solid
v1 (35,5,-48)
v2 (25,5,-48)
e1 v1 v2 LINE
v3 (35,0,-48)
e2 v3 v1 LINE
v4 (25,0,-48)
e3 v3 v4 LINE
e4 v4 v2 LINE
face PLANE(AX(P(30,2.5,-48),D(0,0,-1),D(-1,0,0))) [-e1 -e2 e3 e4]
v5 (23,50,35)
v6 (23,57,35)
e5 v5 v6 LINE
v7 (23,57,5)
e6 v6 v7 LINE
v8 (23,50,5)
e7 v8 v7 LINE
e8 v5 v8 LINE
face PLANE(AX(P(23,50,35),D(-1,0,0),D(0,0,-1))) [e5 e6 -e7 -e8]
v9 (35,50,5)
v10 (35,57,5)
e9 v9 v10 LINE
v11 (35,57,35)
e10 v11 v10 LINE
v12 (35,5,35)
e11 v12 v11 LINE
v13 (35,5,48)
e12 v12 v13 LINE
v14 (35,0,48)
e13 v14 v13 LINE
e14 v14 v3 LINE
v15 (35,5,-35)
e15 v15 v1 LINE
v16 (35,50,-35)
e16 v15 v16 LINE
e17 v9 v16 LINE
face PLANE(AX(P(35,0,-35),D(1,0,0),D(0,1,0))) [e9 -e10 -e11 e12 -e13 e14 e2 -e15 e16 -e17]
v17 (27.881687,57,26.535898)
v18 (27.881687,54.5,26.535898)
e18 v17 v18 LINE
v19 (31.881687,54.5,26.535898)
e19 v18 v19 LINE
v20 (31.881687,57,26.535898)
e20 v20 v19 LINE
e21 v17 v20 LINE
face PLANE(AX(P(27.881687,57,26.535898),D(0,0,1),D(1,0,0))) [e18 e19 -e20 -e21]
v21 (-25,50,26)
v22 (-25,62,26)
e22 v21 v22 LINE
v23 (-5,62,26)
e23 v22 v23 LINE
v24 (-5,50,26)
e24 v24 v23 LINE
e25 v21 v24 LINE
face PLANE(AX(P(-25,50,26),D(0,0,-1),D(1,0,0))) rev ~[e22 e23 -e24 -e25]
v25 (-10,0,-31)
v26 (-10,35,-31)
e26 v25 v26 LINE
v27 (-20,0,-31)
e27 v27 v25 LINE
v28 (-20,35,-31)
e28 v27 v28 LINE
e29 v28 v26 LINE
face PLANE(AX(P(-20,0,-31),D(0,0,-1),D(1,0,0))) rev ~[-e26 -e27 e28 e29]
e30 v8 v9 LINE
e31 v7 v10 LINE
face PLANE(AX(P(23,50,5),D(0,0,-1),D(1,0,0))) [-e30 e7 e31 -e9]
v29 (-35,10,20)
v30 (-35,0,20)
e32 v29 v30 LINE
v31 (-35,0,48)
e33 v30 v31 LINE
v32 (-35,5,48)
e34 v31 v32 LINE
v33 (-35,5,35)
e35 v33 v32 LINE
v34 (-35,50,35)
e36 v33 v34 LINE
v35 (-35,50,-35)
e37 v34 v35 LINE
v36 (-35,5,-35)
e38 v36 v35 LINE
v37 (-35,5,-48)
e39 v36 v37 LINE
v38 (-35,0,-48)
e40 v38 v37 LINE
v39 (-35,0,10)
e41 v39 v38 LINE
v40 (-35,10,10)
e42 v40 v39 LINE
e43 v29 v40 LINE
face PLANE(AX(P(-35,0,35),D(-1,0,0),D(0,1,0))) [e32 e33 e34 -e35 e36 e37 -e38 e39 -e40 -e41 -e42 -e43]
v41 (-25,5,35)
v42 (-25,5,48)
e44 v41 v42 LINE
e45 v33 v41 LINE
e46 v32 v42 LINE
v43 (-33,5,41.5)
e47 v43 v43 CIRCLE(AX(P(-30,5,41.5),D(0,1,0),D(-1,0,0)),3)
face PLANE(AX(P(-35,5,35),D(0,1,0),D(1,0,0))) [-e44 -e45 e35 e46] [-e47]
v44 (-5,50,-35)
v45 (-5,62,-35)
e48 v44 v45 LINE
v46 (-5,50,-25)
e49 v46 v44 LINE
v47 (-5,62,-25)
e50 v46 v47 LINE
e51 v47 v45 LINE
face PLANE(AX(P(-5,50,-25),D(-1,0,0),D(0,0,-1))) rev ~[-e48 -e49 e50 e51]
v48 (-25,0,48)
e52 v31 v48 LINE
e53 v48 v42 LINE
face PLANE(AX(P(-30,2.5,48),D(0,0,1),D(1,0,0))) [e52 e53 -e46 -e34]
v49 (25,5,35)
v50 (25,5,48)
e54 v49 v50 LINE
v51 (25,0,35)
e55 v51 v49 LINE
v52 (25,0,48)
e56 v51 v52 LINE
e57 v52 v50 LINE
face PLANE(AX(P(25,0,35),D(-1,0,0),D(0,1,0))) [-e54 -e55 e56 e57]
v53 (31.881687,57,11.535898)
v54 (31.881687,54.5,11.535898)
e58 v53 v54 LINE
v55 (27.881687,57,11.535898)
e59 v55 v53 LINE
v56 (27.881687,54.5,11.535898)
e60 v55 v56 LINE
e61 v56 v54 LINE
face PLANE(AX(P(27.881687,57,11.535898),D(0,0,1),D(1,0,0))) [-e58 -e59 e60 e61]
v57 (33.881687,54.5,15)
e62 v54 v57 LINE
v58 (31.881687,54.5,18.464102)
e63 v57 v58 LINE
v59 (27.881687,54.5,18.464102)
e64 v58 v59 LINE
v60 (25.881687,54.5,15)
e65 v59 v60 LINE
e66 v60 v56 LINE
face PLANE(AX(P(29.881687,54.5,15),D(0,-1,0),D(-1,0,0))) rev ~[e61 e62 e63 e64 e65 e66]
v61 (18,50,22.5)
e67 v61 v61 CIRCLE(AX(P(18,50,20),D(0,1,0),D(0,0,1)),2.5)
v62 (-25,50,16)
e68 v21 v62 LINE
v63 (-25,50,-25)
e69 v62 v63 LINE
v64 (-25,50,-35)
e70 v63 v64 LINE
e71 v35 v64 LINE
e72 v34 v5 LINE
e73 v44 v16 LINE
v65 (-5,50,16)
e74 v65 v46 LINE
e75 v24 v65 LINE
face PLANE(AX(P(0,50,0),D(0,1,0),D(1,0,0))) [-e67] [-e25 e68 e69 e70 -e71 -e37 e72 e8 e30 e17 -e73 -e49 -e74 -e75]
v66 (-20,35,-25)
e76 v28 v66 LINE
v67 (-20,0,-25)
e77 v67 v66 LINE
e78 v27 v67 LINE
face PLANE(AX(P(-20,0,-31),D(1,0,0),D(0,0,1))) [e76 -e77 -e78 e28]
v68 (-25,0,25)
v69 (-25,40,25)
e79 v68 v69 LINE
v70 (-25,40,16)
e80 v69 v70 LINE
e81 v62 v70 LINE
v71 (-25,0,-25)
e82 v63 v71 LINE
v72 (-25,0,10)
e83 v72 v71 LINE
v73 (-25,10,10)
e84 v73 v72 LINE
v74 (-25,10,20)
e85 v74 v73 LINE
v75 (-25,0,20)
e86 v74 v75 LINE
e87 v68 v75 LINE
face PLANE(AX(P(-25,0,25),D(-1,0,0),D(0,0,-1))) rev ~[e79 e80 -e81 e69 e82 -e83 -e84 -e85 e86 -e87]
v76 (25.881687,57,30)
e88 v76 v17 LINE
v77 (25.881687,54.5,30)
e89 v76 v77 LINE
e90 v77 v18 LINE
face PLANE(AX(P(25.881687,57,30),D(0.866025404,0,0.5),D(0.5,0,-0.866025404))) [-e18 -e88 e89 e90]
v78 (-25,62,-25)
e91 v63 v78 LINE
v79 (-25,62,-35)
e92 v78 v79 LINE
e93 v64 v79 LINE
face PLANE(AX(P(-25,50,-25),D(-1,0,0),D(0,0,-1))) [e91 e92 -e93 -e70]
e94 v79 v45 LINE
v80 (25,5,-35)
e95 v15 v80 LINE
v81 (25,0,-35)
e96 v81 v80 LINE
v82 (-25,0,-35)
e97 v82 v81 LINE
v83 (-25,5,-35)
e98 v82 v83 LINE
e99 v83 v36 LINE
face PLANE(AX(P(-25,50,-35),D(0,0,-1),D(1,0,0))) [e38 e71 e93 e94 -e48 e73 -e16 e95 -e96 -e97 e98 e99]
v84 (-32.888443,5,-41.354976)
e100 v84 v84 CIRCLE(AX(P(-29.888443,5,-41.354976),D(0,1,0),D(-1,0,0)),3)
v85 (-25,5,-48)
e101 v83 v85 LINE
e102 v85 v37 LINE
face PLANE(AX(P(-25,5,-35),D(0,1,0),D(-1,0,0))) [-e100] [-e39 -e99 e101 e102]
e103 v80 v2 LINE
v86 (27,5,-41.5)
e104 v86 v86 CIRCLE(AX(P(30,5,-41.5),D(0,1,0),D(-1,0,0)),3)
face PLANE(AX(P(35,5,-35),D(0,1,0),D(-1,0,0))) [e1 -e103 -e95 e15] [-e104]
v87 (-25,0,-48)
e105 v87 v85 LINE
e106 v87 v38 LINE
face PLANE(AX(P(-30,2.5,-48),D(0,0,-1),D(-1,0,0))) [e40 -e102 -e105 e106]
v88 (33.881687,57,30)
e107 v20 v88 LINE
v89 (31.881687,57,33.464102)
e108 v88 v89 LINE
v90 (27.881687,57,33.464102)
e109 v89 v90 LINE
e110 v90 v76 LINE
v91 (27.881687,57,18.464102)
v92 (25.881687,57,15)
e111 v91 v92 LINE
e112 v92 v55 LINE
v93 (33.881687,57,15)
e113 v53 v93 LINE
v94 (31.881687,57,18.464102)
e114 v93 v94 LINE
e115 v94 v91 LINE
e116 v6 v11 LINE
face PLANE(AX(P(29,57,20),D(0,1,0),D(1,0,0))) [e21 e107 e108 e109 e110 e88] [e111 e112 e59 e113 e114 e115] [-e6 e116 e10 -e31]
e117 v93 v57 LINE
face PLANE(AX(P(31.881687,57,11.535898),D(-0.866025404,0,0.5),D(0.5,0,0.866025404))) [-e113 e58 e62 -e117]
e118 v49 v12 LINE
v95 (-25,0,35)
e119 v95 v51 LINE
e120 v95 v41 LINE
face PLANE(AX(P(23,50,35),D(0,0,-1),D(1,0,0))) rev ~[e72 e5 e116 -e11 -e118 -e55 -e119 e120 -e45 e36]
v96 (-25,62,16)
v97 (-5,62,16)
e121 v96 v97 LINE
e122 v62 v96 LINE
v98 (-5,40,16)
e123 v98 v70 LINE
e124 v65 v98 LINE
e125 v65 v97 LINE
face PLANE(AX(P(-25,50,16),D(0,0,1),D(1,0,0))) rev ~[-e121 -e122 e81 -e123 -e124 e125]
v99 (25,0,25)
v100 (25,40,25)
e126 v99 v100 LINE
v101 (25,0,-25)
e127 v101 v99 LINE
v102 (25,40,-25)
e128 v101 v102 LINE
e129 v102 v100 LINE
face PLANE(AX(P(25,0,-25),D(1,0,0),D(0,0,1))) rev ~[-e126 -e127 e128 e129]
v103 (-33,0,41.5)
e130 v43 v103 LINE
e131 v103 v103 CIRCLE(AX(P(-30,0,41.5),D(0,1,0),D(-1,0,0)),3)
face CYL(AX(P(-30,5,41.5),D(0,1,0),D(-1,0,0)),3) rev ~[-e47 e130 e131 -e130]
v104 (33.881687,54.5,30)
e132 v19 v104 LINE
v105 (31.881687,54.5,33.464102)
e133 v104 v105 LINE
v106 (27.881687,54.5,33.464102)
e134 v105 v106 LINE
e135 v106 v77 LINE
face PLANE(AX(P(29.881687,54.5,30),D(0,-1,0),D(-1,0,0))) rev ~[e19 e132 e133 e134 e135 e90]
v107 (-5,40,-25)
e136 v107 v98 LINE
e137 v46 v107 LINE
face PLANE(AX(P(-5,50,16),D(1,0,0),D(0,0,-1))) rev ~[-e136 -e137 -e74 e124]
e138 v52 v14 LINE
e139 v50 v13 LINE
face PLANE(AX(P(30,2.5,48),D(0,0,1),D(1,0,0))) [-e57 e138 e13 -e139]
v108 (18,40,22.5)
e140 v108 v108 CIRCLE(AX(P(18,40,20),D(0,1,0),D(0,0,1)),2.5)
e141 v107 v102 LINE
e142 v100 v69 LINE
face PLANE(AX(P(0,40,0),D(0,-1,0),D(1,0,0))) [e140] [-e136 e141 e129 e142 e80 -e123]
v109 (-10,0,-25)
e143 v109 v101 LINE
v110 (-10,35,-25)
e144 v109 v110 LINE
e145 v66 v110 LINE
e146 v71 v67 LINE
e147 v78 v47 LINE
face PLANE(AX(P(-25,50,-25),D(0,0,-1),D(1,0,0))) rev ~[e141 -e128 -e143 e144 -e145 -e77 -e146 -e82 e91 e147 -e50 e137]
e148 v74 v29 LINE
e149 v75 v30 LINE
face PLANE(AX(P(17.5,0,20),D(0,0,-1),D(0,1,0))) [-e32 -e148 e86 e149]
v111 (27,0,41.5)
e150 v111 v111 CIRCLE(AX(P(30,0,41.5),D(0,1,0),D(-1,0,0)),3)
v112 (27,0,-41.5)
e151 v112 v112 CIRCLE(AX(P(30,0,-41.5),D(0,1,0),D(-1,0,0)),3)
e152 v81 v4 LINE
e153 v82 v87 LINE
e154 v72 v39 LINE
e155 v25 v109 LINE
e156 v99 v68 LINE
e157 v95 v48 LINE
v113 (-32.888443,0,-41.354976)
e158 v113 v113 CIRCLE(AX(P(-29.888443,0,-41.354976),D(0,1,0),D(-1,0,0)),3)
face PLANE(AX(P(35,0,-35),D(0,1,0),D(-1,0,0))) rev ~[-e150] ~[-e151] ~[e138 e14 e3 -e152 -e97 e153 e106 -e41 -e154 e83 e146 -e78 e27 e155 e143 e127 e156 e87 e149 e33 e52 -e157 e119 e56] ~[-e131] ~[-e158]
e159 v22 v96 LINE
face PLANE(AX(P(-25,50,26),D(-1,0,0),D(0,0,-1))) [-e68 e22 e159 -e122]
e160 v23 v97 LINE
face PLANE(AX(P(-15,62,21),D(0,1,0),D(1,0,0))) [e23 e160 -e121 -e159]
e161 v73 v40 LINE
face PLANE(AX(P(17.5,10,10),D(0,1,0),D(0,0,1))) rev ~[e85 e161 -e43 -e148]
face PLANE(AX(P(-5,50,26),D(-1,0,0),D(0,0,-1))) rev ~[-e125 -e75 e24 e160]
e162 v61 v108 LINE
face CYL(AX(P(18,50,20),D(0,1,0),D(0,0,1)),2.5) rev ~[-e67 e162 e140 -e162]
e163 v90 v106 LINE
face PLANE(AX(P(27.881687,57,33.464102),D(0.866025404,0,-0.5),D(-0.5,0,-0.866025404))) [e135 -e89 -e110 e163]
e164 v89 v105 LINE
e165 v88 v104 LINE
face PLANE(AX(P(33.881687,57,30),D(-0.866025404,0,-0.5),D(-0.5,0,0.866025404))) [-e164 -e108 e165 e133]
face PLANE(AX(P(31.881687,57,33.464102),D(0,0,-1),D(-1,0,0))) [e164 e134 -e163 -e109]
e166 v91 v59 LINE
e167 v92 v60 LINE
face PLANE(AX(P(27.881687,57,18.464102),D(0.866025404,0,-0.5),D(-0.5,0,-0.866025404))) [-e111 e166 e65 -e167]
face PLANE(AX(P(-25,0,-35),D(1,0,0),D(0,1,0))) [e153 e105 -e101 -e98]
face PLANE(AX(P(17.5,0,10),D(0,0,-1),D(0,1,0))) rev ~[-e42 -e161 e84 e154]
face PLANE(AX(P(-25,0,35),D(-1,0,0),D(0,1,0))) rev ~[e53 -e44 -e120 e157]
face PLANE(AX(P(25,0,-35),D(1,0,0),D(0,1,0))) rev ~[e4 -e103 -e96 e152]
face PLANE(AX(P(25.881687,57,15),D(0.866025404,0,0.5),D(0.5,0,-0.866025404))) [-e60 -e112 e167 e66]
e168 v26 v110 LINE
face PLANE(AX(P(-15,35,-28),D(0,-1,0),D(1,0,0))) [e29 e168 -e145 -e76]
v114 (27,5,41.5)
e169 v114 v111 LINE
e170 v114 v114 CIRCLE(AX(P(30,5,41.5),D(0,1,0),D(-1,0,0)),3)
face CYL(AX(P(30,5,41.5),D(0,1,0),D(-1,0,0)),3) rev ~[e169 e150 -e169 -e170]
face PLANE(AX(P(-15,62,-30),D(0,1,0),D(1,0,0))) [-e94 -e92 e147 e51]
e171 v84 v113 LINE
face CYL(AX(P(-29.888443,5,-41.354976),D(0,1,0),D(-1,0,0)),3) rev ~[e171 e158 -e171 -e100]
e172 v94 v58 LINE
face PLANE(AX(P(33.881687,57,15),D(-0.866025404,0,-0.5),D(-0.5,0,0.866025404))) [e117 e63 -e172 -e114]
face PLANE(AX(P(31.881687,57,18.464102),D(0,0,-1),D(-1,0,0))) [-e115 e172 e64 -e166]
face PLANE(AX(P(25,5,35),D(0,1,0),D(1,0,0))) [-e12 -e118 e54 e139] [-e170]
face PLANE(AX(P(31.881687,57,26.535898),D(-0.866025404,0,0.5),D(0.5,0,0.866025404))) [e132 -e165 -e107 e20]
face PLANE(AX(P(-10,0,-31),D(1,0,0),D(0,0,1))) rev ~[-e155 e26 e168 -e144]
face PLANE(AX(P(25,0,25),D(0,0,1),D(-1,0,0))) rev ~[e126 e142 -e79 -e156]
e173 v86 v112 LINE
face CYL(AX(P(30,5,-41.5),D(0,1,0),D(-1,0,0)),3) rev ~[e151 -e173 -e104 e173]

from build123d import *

# Parameters (mm, degrees)
SKETCH1_W               = 70
SKETCH1_H               = 70
BOSS_EXTRUDE1_DEPTH     = 50
CUT_EXTRUDE1_DEPTH      = 40
SKETCH3_W               = 20
SKETCH3_H               = 41
CUT_EXTRUDE2_DEPTH      = 40
SKETCH4_W               = 12
SKETCH4_H               = 30
BOSS_EXTRUDE2_DEPTH     = 7
CUT_EXTRUDE3_DEPTH      = 2.5
SKETCH7_R               = 2.5
CUT_EXTRUDE4_DEPTH      = 52.5
CUT_EXTRUDE5_DEPTH      = 97.81941954
CUT_EXTRUDE5_DEPTH_BACK = 52.5
SKETCH9_W               = 10
SKETCH9_H               = 10
SKETCH10_W              = 10
SKETCH10_H              = 6
CUT_EXTRUDE6_DEPTH      = 35
SKETCH11_W              = 20
SKETCH11_H              = 10
BOSS_EXTRUDE3_DEPTH     = 12
SKETCH13_W              = 10
SKETCH13_H              = 5
BOSS_EXTRUDE4_DEPTH     = 13
SKETCH14_W              = 10
SKETCH14_H              = 5
BOSS_EXTRUDE5_DEPTH     = 13
SKETCH15_R              = 3
CUT_EXTRUDE7_DEPTH      = 33


with BuildPart() as part:
    # Sketch1 → Boss-Extrude1 (new body)
    with BuildSketch(Plane(origin=(0, 0, 0), x_dir=(1, 0, 0), z_dir=(0, 1, 0))):
        Rectangle(SKETCH1_W, SKETCH1_H)
    extrude(amount=BOSS_EXTRUDE1_DEPTH)

    # Sketch2 → Cut-Extrude1 (cut)
    with BuildSketch(Plane.XZ):
        Polygon((0, 25), (-25, 25), (-25, -25), (25, -25), (25, 25), align=None)
    extrude(amount=-CUT_EXTRUDE1_DEPTH, mode=Mode.SUBTRACT)

    # Sketch3 → Cut-Extrude2 (cut)
    with BuildSketch(Plane(origin=(0, 50, 0), x_dir=(1, 0, 0), z_dir=(0, 1, 0))):
        with Locations((-15, 4.5)):
            Rectangle(SKETCH3_W, SKETCH3_H)
    extrude(amount=-CUT_EXTRUDE2_DEPTH, mode=Mode.SUBTRACT)

    # Sketch4 → Boss-Extrude2 (add)
    with BuildSketch(Plane(origin=(0, 50, 0), x_dir=(1, 0, 0), z_dir=(0, 1, 0))):
        with Locations((29, -20)):
            Rectangle(SKETCH4_W, SKETCH4_H)
    extrude(amount=BOSS_EXTRUDE2_DEPTH)

    # Sketch5 → Cut-Extrude3 (cut)
    with BuildSketch(Plane(origin=(0, 57, 0), x_dir=(1, 0, 0), z_dir=(0, 1, 0))):
        Polygon((33.881686691, -15), (31.881686691, -18.464101615), (27.881686691, -18.464101615), (25.881686691, -15), (27.881686691, -11.535898385), (31.881686691, -11.535898385), align=None)
        Polygon((27.881686691, -33.464101615), (25.881686691, -30), (27.881686691, -26.535898385), (31.881686691, -26.535898385), (33.881686691, -30), (31.881686691, -33.464101615), align=None)
    extrude(amount=-CUT_EXTRUDE3_DEPTH, mode=Mode.SUBTRACT)

    # Sketch7 → Cut-Extrude4 (cut)
    with BuildSketch(Plane(origin=(0, 50, 0), x_dir=(1, 0, 0), z_dir=(0, 1, 0))):
        with Locations(Location((18, -20, 0), (0, 0, 270))):
            Circle(SKETCH7_R)
    extrude(amount=-CUT_EXTRUDE4_DEPTH, mode=Mode.SUBTRACT)

    # Sketch9 → Cut-Extrude5 (cut, two sides: drawn at the far end of the back side and taken through both)
    with BuildSketch(Plane.ZY.offset(35).offset(-CUT_EXTRUDE5_DEPTH_BACK)):
        with Locations((15, 5)):
            Rectangle(SKETCH9_W, SKETCH9_H)
    extrude(amount=CUT_EXTRUDE5_DEPTH + CUT_EXTRUDE5_DEPTH_BACK, mode=Mode.SUBTRACT)

    # Sketch10 → Cut-Extrude6 (cut)
    with BuildSketch(Plane.XZ):
        with Locations((-15, -28)):
            Rectangle(SKETCH10_W, SKETCH10_H)
    extrude(amount=-CUT_EXTRUDE6_DEPTH, mode=Mode.SUBTRACT)

    # Sketch11 → Boss-Extrude3 (add)
    with BuildSketch(Plane(origin=(0, 50, 0), x_dir=(1, 0, 0), z_dir=(0, 1, 0))):
        with Locations((-15, 30)):
            Rectangle(SKETCH11_W, SKETCH11_H)
        with Locations((-15, -21)):
            Rectangle(SKETCH11_W, SKETCH11_H)
    extrude(amount=BOSS_EXTRUDE3_DEPTH)

    # Sketch13 → Boss-Extrude4 (add)
    with BuildSketch(Plane.XY.offset(35)):
        with Locations((-30, 2.5)):
            Rectangle(SKETCH13_W, SKETCH13_H)
        with Locations((30, 2.5)):
            Rectangle(SKETCH13_W, SKETCH13_H)
    extrude(amount=BOSS_EXTRUDE4_DEPTH)

    # Sketch14 → Boss-Extrude5 (add)
    with BuildSketch(Plane(origin=(0, 0, -35), x_dir=(-1, 0, 0), z_dir=(0, 0, -1))):
        with Locations((-30, 2.5)):
            Rectangle(SKETCH14_W, SKETCH14_H)
        with Locations((30, 2.5)):
            Rectangle(SKETCH14_W, SKETCH14_H)
    extrude(amount=BOSS_EXTRUDE5_DEPTH)

    # Sketch15 → Cut-Extrude7 (cut)
    with BuildSketch(Plane(origin=(0, 5, 0), x_dir=(1, 0, 0), z_dir=(0, 1, 0))):
        with Locations(Location((-29.888443239, 41.354976211, 0), (0, 0, 180))):
            Circle(SKETCH15_R)
        with Locations(Location((-30, -41.5, 0), (0, 0, 180))):
            Circle(SKETCH15_R)
        with Locations(Location((30, -41.5, 0), (0, 0, 180))):
            Circle(SKETCH15_R)
        with Locations(Location((30, 41.5, 0), (0, 0, 180))):
            Circle(SKETCH15_R)
    extrude(amount=-CUT_EXTRUDE7_DEPTH, mode=Mode.SUBTRACT)


solid = part.part
